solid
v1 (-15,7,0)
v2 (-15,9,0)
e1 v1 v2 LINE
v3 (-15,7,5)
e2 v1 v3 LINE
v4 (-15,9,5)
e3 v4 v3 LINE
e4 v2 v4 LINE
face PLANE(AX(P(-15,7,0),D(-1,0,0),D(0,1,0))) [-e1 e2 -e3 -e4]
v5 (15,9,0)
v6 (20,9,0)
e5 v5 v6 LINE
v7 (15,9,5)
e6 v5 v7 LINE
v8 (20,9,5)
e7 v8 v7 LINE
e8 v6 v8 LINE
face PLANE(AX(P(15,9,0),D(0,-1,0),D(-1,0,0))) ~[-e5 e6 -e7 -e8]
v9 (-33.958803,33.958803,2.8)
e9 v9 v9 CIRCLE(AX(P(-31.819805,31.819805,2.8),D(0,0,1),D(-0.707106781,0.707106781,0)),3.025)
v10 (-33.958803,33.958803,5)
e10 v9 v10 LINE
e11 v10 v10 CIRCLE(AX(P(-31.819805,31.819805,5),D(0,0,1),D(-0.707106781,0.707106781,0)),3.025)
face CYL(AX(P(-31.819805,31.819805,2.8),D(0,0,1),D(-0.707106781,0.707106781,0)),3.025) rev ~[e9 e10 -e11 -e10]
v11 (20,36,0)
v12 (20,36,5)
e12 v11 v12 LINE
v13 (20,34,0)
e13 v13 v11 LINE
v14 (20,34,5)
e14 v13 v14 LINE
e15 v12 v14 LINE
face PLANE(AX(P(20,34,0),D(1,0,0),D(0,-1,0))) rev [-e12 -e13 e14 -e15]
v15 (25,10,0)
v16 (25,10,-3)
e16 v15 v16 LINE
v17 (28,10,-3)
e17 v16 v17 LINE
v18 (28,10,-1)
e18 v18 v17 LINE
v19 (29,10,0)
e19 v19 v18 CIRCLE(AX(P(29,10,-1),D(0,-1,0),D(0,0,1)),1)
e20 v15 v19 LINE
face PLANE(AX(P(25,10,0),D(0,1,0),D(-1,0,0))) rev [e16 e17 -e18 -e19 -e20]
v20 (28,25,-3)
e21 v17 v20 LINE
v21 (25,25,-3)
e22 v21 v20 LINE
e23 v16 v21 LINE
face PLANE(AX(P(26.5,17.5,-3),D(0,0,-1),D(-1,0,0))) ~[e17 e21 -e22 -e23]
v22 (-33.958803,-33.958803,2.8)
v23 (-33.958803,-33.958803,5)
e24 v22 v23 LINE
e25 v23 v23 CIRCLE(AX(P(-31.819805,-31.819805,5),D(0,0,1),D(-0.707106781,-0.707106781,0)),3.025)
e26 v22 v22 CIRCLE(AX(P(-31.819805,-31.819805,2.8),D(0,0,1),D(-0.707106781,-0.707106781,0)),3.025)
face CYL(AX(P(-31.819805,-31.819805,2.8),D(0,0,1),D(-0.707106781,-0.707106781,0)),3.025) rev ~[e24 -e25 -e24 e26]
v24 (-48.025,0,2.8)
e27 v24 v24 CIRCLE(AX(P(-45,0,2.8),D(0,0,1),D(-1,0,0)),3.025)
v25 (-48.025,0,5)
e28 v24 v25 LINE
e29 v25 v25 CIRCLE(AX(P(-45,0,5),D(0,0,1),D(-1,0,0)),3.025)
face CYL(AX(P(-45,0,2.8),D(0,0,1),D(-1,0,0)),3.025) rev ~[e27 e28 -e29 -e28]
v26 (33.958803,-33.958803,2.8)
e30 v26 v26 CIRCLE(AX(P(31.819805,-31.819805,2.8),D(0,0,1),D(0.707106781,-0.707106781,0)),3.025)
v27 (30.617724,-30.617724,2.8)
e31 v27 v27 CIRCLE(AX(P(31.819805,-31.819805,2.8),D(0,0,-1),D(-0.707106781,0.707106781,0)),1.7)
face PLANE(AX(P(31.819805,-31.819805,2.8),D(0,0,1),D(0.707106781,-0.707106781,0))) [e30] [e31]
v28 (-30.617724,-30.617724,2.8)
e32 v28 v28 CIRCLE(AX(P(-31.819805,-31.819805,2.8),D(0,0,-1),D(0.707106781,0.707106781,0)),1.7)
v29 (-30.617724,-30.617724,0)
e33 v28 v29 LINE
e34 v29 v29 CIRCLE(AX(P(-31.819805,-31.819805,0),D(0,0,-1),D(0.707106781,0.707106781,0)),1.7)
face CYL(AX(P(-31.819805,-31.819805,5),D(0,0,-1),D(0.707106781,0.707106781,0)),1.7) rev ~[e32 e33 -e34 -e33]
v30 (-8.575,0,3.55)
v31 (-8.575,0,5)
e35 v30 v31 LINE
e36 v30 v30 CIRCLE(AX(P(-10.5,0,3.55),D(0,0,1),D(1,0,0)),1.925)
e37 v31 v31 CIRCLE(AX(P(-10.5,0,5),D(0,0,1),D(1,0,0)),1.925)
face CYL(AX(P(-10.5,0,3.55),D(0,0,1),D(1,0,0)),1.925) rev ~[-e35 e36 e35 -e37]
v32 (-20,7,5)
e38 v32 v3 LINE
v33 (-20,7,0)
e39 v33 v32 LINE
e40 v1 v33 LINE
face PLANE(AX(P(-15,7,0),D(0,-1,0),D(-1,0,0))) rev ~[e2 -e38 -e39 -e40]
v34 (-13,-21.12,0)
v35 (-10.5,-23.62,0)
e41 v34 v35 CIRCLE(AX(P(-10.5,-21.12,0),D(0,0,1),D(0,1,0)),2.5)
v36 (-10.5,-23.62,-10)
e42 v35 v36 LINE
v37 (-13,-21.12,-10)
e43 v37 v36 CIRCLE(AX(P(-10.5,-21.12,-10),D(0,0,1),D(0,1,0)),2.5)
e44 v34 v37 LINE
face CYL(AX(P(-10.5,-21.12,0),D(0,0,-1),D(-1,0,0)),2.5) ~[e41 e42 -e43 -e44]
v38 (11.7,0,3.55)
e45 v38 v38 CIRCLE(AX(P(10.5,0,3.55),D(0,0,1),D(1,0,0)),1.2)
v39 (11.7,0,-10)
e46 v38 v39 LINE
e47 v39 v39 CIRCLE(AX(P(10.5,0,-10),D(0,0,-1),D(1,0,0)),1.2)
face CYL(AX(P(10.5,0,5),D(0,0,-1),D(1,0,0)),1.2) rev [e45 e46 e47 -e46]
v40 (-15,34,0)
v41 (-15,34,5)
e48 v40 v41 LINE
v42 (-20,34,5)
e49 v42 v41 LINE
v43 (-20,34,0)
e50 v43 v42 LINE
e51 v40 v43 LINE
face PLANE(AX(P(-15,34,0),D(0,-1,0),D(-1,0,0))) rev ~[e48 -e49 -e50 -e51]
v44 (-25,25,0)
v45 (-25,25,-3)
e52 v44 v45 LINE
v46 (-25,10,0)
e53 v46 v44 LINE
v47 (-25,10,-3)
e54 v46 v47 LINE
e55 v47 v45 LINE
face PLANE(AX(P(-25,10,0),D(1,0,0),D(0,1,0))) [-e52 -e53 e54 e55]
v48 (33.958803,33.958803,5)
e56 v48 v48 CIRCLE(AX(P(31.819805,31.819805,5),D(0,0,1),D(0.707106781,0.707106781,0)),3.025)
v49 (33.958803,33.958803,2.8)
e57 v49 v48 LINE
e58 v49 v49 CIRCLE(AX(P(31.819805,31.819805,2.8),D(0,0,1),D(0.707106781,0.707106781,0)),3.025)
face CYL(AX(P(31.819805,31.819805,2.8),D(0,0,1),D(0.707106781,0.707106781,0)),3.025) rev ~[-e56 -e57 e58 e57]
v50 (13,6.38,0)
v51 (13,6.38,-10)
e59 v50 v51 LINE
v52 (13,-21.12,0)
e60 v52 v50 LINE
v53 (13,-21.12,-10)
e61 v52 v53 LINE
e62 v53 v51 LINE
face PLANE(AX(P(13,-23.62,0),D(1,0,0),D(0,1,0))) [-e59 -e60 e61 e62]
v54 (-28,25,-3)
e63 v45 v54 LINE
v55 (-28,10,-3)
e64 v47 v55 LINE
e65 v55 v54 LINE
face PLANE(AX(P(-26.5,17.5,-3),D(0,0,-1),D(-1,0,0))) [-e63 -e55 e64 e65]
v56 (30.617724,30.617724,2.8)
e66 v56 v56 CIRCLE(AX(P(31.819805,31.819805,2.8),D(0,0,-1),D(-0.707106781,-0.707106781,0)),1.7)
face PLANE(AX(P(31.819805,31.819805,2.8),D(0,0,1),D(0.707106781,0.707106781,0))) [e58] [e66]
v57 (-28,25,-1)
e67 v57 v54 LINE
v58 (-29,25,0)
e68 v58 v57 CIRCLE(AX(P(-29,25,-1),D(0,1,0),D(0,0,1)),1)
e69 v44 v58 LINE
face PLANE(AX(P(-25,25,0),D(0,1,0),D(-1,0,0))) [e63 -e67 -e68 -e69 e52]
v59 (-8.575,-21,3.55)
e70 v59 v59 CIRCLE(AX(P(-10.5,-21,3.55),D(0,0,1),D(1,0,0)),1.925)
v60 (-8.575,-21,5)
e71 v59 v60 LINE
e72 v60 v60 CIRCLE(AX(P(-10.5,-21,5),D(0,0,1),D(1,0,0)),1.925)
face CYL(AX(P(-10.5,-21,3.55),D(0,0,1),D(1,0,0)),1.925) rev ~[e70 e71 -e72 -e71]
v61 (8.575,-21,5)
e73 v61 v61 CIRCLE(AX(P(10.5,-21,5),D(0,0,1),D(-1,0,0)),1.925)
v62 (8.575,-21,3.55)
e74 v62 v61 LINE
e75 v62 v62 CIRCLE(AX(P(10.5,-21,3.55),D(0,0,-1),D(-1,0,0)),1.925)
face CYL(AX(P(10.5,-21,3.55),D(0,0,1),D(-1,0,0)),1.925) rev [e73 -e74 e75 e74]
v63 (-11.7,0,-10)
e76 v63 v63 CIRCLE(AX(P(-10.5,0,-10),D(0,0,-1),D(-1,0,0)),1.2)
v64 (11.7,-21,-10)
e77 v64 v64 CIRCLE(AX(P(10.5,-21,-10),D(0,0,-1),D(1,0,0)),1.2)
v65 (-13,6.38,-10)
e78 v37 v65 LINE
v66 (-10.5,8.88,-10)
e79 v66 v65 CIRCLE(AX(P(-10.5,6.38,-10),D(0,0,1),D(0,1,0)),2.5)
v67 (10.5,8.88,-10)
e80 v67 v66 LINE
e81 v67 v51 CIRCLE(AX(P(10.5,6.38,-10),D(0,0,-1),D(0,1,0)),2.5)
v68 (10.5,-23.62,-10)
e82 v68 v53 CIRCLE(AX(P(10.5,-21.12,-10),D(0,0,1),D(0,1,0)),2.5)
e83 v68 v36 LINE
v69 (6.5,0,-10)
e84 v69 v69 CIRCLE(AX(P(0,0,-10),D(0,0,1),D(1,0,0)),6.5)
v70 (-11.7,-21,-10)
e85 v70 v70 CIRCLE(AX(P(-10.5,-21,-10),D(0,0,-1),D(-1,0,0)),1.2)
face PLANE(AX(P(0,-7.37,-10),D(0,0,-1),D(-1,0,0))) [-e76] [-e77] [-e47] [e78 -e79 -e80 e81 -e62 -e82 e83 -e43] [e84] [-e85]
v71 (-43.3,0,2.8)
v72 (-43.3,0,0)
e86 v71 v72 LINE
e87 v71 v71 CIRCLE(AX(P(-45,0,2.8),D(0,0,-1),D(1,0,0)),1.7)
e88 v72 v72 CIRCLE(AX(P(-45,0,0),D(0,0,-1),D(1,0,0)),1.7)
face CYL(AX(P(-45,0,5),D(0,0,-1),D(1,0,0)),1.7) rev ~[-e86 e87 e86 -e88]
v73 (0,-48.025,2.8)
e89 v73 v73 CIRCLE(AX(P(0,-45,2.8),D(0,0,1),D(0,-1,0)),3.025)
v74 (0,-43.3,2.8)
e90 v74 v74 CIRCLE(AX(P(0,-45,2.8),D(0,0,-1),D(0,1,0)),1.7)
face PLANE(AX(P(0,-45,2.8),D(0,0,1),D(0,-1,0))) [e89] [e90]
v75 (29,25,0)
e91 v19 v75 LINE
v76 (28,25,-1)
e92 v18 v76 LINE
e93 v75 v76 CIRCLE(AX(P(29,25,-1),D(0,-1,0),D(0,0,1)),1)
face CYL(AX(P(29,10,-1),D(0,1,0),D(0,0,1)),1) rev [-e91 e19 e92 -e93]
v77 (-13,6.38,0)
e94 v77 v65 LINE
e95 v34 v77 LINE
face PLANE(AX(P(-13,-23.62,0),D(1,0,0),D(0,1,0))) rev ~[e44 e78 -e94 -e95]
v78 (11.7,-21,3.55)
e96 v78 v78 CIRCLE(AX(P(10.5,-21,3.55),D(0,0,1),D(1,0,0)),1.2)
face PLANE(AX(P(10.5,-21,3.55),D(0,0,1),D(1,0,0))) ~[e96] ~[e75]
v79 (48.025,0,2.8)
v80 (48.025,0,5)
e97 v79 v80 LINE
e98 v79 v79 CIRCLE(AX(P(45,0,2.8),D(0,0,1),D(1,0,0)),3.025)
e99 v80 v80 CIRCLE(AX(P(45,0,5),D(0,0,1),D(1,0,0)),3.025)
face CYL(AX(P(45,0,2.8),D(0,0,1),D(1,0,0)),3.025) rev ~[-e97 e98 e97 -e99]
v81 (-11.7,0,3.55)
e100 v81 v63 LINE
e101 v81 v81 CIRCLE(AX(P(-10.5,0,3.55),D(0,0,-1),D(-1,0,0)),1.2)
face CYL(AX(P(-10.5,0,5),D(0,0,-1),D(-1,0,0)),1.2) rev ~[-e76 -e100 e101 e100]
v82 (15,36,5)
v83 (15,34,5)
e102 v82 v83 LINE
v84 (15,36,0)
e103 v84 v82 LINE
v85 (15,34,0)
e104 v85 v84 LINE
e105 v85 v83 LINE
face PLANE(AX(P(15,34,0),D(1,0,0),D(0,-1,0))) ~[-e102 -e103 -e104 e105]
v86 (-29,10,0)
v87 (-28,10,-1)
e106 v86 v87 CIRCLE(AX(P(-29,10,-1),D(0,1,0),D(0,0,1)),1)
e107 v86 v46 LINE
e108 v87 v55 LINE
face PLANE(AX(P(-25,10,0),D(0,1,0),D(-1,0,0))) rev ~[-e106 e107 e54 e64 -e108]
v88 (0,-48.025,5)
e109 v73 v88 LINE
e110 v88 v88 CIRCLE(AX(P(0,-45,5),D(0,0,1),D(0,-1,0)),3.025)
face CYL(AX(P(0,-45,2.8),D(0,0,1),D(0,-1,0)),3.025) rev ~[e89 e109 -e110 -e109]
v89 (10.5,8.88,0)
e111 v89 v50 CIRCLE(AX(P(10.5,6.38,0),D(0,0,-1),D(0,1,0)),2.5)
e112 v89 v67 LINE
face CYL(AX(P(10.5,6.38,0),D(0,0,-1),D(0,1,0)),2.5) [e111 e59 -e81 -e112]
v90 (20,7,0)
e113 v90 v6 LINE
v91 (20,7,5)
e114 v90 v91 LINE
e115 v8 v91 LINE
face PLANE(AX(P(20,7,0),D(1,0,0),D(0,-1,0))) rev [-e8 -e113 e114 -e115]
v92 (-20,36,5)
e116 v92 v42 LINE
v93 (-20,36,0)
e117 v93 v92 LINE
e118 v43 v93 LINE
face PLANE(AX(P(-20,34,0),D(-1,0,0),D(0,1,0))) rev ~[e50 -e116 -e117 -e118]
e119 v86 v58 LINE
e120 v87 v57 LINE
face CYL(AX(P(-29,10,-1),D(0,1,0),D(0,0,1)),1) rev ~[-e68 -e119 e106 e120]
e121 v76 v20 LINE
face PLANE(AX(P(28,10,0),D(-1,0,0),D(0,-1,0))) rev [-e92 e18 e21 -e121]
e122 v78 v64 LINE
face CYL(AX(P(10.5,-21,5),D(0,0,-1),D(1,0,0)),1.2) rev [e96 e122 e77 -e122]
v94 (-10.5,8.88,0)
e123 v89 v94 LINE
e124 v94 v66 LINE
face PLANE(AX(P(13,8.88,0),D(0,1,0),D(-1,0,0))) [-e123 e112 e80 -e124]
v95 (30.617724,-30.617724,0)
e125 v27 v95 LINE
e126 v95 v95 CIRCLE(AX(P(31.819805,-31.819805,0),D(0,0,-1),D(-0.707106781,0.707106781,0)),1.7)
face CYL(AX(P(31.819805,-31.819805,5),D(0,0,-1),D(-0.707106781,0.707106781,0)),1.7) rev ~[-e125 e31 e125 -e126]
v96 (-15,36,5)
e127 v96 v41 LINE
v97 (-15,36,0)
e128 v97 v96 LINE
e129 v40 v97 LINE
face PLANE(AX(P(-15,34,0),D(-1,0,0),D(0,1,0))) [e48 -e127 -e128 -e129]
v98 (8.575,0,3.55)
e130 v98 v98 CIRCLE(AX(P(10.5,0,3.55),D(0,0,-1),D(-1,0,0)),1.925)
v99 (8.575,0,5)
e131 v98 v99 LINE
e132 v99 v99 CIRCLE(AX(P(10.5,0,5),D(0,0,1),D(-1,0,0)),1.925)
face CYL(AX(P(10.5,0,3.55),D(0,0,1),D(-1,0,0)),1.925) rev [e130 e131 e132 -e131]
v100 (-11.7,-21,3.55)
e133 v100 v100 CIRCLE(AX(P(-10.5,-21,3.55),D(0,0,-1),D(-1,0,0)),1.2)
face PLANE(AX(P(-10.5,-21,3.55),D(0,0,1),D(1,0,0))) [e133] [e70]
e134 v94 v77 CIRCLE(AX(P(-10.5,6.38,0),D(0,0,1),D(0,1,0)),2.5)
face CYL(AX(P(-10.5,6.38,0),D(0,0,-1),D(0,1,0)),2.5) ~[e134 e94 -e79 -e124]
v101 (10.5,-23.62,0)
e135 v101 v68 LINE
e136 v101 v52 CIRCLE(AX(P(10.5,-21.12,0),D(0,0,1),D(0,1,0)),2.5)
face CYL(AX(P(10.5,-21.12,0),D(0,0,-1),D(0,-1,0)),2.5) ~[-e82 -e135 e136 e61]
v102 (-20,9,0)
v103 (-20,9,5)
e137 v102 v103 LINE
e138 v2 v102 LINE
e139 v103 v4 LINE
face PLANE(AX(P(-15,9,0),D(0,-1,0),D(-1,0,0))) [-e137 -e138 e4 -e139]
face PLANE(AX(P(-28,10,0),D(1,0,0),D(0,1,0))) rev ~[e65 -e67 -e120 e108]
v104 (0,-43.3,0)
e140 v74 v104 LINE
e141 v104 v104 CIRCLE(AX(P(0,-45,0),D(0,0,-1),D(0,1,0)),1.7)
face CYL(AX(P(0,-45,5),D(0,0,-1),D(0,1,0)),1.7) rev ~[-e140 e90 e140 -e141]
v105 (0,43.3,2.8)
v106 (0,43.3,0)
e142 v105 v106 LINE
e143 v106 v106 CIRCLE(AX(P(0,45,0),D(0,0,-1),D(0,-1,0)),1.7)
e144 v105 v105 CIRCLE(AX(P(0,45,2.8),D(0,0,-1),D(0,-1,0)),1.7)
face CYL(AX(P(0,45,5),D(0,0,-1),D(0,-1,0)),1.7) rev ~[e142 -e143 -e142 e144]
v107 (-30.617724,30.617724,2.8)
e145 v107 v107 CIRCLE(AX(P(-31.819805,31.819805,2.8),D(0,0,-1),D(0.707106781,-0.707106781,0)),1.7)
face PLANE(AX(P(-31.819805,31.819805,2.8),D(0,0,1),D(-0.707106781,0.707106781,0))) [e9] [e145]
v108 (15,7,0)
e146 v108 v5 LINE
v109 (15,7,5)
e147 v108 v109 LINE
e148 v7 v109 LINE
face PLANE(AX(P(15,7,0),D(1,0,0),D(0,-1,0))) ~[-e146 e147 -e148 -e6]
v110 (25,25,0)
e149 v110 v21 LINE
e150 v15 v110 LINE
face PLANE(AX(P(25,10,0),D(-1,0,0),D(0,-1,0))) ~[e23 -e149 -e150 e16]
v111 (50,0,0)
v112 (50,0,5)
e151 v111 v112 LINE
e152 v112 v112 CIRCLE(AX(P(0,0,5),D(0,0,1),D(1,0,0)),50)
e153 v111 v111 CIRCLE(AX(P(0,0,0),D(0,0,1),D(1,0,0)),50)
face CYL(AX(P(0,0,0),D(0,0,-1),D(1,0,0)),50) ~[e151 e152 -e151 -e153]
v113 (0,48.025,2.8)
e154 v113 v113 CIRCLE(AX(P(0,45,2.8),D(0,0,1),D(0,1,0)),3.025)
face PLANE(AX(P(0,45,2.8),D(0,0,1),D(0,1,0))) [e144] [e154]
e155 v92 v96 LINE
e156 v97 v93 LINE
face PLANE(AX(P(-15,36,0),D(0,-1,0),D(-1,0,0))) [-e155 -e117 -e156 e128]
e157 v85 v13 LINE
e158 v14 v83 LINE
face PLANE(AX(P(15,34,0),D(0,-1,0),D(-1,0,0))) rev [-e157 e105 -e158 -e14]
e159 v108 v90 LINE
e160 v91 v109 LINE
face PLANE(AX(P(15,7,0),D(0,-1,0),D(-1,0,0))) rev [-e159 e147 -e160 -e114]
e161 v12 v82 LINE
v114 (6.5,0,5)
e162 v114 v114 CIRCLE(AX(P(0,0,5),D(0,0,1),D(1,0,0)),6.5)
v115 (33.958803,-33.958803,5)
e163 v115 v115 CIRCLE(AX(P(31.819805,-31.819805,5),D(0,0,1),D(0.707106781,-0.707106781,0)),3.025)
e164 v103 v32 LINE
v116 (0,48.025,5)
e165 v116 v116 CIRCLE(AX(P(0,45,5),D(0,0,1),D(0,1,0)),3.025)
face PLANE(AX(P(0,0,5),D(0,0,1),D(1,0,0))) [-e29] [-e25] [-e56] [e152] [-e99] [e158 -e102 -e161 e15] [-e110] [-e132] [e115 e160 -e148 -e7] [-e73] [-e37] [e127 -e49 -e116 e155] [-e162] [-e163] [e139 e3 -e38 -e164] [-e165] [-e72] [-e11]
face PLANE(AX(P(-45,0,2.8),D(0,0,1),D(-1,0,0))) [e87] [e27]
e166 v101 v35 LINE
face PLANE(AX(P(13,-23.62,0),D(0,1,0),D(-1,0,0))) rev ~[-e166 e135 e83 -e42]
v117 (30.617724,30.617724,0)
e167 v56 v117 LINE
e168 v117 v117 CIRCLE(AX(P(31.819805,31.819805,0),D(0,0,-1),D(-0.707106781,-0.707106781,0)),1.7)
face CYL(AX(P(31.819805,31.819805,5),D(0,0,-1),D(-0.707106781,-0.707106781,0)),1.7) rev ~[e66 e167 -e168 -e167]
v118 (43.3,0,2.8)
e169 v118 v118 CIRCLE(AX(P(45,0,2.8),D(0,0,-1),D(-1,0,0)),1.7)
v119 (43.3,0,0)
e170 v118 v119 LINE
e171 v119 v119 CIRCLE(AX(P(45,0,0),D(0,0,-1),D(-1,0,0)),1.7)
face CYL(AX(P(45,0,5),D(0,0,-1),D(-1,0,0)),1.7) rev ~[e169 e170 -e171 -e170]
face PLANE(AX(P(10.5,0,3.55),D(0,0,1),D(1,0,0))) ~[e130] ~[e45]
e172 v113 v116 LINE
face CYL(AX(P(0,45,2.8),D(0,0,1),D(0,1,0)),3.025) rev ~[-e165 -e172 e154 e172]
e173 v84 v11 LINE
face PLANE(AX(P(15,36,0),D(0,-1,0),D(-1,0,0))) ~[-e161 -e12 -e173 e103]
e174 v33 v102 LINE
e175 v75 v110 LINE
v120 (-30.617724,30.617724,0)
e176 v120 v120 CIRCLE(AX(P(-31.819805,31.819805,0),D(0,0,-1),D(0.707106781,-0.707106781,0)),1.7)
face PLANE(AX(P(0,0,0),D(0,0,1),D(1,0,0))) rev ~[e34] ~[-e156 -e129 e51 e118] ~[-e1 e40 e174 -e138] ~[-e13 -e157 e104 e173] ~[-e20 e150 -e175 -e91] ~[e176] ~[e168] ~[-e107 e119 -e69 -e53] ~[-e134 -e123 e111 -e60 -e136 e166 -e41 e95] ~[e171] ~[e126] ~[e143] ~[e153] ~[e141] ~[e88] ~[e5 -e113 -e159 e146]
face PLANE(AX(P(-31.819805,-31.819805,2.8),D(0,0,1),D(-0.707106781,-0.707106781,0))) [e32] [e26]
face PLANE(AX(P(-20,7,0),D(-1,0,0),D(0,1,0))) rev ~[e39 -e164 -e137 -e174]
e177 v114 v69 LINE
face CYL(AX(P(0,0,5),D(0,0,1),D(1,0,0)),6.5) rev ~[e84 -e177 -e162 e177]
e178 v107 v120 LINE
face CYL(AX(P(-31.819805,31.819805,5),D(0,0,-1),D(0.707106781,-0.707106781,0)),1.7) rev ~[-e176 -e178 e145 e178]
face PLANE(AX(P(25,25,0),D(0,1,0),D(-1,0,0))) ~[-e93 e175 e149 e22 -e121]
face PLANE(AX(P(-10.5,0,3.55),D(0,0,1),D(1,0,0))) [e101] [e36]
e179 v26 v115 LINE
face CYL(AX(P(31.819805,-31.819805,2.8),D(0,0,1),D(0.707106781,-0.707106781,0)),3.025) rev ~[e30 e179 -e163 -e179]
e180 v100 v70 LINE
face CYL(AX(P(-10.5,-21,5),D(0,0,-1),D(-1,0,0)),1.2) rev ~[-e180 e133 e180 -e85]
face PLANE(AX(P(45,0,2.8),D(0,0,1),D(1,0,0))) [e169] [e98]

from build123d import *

# Parameters (mm, degrees)
SKETCH_1_R                   = 50
EXTRUDE_1_DEPTH              = 5
SKETCH_8_W                   = 26
SKETCH_8_H                   = 32.5
EXTRUDE_3_DEPTH              = 10
SKETCH_6_R                   = 6.5
CUT_EXTRUDE_1_DEPTH          = 73.284161474
HOLE_WIZARD_M2_1_D           = 2.4
HOLE_WIZARD_M2_1_CBORE_D     = 3.85
HOLE_WIZARD_M2_1_CBORE_DEPTH = 1.45
HOLE_WIZARD_M3_2_D           = 3.4
HOLE_WIZARD_M3_2_CBORE_D     = 6.05
HOLE_WIZARD_M3_2_CBORE_DEPTH = 2.2
PATTERN_CIRCULAR_1_COUNT     = 8
SKETCH_7_W                   = 3
SKETCH_7_H                   = 15
EXTRUDE_2_DEPTH              = 3
FILLET_1_R                   = 1
FILLET_1_OF_MIRROR_2_R       = 1
FILLET_2_R                   = 2.5
SKETCH_9_W                   = 5
SKETCH_9_H                   = 2
CUT_EXTRUDE_2_DEPTH          = 72.414284285


with BuildPart() as part:
    # ｽｹｯﾁ1 → ﾎﾞｽ - 押し出し1 (new body)
    with BuildSketch(Plane.XY):
        Circle(SKETCH_1_R)
    extrude(amount=EXTRUDE_1_DEPTH)

    # ｽｹｯﾁ8 → ﾎﾞｽ - 押し出し3 (add)
    with BuildSketch(Plane(origin=(0, 0, 0), x_dir=(-1, 0, 0), z_dir=(0, 0, -1))):
        with Locations((0, -7.37)):
            Rectangle(SKETCH_8_W, SKETCH_8_H)
    extrude(amount=EXTRUDE_3_DEPTH)

    # ｽｹｯﾁ6 → ｶｯﾄ - 押し出し1 (cut, through all)
    with BuildSketch(Plane.XY.offset(5)):
        Circle(SKETCH_6_R)
    extrude(amount=-CUT_EXTRUDE_1_DEPTH, mode=Mode.SUBTRACT)

    # M2 丸平ねじ用座ぐり穴1 (through all)
    with Locations(Plane.XY.offset(5)):
        with Locations((-10.5, 0), (-10.5, -21)):
            hole_wizard_m2_1 = CounterBoreHole(HOLE_WIZARD_M2_1_D / 2, HOLE_WIZARD_M2_1_CBORE_D / 2, HOLE_WIZARD_M2_1_CBORE_DEPTH)

    # ﾐﾗｰ1: M2 丸平ねじ用座ぐり穴1 across plane
    add(hole_wizard_m2_1.mirror(Plane(origin=(0, 0, 0), x_dir=(0, 0, 1), z_dir=(1, 0, 0))), mode=Mode.SUBTRACT)

    # M3 丸平ねじ用座ぐり穴2 (through all)
    with Locations(Plane.XY.offset(5)):
        with Locations((45, 0)):
            hole_wizard_m3_2 = CounterBoreHole(HOLE_WIZARD_M3_2_D / 2, HOLE_WIZARD_M3_2_CBORE_D / 2, HOLE_WIZARD_M3_2_CBORE_DEPTH)

    # 円形ﾊﾟﾀｰﾝ1: M3 丸平ねじ用座ぐり穴2 ×8 about axis
    pattern_circular_1_axis = Axis((0, 0, 0), (0, 0, 1))
    for i in range(1, PATTERN_CIRCULAR_1_COUNT):
        add(hole_wizard_m3_2.rotate(pattern_circular_1_axis, i * 360 / PATTERN_CIRCULAR_1_COUNT), mode=Mode.SUBTRACT)

    # ｽｹｯﾁ7 → ﾎﾞｽ - 押し出し2 (add)
    with BuildSketch(Plane(origin=(0, 0, 0), x_dir=(-1, 0, 0), z_dir=(0, 0, -1))):
        with Locations((26.5, 17.5)):
            Rectangle(SKETCH_7_W, SKETCH_7_H)
    extrude_2 = extrude(amount=EXTRUDE_2_DEPTH)

    # ﾌｨﾚｯﾄ1
    fillet_1_edges = [part.edges().sort_by_distance(p)[0] for p in [
        (-28, 17.5, 0),
    ]]
    fillet(fillet_1_edges, radius=FILLET_1_R)

    # ﾐﾗｰ2: ﾎﾞｽ - 押し出し2 across plane
    add(extrude_2.mirror(Plane(origin=(0, 0, 0), x_dir=(0, 0, 1), z_dir=(1, 0, 0))))

    # ﾌｨﾚｯﾄ1 of ﾐﾗｰ2
    fillet_1_of_mirror_2_edges = [part.edges().sort_by_distance(p)[0] for p in [
        (28, 17.5, 0),
    ]]
    fillet(fillet_1_of_mirror_2_edges, radius=FILLET_1_OF_MIRROR_2_R)

    # ﾌｨﾚｯﾄ2
    fillet_2_edges = [part.edges().sort_by_distance(p)[0] for p in [
        (-13, -23.62, -5),
        (-13, 8.88, -5),
        (13, 8.88, -5),
        (13, -23.62, -5),
    ]]
    fillet(fillet_2_edges, radius=FILLET_2_R)

    # ｽｹｯﾁ9 → ｶｯﾄ - 押し出し2 (cut, through all)
    with BuildSketch(Plane(origin=(0, 0, 0), x_dir=(-1, 0, 0), z_dir=(0, 0, -1))):
        with Locations((17.5, 35)):
            Rectangle(SKETCH_9_W, SKETCH_9_H)
        with Locations((17.5, 8)):
            Rectangle(SKETCH_9_W, SKETCH_9_H)
    cut_extrude_2 = extrude(amount=-CUT_EXTRUDE_2_DEPTH, mode=Mode.SUBTRACT)

    # ﾐﾗｰ3: ｶｯﾄ - 押し出し2 across plane
    add(cut_extrude_2.mirror(Plane(origin=(0, 0, 0), x_dir=(0, 0, 1), z_dir=(1, 0, 0))), mode=Mode.SUBTRACT)


solid = part.part
